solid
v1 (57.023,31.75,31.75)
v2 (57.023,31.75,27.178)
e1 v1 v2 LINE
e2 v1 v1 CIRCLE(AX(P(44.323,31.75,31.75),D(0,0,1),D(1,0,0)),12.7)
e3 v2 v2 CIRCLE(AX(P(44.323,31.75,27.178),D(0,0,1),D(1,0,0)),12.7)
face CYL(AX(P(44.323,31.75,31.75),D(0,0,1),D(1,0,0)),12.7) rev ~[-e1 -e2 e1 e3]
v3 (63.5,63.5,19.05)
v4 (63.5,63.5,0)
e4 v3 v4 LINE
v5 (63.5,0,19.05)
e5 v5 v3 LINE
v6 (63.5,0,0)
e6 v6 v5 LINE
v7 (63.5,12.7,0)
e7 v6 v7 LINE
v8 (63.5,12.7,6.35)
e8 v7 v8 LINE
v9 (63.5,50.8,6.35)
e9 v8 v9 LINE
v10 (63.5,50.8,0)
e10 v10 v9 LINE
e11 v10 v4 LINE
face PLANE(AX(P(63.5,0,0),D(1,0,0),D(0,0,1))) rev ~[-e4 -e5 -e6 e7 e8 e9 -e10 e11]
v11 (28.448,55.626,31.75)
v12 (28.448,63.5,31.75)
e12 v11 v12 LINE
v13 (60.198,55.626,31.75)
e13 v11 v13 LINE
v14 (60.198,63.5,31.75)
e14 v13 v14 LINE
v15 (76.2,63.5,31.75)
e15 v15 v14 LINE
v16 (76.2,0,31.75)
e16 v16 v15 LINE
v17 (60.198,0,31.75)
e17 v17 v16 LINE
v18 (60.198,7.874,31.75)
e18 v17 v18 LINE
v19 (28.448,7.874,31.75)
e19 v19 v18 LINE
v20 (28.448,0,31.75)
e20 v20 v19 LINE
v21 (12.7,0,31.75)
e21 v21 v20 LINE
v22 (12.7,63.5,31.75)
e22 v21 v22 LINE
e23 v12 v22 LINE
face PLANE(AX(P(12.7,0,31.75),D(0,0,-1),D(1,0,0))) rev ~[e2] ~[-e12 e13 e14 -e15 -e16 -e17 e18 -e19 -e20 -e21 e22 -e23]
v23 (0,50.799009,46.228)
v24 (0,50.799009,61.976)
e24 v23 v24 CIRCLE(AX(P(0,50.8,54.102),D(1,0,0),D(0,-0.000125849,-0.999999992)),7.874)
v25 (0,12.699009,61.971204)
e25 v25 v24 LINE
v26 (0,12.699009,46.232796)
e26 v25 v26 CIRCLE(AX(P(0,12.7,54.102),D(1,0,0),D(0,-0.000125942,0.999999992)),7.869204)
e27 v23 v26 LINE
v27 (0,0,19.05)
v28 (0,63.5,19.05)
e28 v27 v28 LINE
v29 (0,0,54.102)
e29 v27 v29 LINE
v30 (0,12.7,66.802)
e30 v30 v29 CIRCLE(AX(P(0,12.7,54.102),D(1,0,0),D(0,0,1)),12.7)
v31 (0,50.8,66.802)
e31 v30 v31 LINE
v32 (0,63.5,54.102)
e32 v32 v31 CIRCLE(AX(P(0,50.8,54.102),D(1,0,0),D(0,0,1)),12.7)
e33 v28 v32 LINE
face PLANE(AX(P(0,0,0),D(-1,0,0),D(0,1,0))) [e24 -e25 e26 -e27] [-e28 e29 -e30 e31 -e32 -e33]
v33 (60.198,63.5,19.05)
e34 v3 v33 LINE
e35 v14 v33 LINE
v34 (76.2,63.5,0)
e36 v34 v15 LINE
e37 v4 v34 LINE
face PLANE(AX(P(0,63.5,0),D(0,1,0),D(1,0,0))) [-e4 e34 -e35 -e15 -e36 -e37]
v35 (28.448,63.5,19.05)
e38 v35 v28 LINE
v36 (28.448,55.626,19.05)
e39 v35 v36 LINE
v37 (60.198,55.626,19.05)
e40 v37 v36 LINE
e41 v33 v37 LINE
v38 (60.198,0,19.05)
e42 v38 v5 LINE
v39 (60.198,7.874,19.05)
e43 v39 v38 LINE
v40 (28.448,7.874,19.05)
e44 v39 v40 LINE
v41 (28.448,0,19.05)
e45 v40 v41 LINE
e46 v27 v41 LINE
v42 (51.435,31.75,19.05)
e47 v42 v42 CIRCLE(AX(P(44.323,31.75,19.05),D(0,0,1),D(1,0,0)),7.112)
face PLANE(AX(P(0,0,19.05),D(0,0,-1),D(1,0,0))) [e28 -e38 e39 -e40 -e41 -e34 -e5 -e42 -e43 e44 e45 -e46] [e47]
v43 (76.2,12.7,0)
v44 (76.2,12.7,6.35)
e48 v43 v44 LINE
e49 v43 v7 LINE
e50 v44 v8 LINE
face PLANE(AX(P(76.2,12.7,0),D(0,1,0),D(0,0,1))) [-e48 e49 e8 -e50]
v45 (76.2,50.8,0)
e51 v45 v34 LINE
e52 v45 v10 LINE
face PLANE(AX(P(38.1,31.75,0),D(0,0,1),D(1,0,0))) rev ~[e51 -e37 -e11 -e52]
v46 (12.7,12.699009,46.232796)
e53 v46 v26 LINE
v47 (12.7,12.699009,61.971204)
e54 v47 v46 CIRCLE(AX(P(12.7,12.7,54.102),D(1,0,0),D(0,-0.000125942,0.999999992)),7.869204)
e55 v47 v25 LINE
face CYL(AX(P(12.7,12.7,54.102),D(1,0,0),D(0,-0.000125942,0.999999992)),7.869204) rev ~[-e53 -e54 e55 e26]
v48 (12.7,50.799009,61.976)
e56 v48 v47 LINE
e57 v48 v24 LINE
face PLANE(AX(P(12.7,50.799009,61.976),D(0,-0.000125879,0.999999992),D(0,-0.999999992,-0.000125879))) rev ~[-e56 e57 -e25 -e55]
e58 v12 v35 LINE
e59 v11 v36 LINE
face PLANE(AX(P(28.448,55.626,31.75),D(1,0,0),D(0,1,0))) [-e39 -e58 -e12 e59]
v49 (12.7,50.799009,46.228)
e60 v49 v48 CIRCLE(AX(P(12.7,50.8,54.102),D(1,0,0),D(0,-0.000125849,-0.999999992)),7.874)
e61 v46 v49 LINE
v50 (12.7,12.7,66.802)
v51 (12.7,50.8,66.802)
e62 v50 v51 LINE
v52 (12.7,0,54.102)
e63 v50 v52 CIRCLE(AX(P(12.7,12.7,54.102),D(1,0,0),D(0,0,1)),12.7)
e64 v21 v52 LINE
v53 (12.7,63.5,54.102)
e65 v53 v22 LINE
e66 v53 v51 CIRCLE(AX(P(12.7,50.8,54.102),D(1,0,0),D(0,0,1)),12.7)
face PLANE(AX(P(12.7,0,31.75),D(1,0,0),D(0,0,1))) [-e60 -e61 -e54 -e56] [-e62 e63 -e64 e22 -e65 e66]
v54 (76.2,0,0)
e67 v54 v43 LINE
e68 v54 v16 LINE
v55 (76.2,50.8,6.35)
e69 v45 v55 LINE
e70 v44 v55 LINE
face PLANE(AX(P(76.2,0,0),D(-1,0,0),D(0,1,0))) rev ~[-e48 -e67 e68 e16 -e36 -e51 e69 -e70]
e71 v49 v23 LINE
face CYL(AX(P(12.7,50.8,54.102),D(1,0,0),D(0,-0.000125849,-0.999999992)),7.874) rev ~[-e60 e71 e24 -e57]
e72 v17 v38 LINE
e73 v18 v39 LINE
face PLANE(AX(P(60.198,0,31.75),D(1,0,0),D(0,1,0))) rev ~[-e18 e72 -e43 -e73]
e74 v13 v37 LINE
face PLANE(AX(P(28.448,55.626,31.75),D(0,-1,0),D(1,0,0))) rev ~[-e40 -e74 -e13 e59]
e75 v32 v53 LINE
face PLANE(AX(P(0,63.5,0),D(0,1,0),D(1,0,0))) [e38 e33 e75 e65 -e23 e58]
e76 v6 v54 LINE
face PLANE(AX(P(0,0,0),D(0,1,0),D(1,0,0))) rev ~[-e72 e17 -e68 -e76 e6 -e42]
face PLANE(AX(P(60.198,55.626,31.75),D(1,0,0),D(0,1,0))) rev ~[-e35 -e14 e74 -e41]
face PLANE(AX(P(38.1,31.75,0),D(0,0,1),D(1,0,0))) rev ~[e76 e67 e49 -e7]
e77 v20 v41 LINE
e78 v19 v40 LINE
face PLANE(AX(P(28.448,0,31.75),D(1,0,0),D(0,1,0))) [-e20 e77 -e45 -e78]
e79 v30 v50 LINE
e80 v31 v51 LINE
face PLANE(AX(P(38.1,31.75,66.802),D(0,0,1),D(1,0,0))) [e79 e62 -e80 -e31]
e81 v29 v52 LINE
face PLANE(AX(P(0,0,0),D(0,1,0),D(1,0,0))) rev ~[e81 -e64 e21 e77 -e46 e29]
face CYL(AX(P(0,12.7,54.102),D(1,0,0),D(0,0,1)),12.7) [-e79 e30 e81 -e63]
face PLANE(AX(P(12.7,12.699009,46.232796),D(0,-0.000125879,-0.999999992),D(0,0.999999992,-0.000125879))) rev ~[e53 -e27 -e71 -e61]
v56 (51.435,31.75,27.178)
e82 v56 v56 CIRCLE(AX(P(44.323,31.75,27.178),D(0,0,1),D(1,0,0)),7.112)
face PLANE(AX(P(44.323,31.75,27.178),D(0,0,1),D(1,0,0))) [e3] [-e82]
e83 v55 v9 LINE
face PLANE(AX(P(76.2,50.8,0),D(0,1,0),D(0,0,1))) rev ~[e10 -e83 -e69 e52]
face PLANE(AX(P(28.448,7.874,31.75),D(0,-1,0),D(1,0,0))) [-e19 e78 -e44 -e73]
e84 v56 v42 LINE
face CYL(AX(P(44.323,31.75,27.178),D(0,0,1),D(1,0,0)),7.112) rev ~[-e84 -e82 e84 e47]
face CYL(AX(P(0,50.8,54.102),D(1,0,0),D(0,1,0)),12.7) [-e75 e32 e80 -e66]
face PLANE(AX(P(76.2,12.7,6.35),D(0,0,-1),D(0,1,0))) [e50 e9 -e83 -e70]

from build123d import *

# Parameters (mm, degrees)
F0_W      = 76.2
F0_H      = 63.5
F1_DEPTH  = 66.802
F2_W      = 63.5
F2_H      = 35.052
F2_H_2    = 19.05
F3_DEPTH  = 63.501
F4_R      = 12.7
F5_W      = 38.1
F5_H      = 6.35
F6_DEPTH  = 76.201
F8_DEPTH  = 12.701
F9_W      = 31.75
F9_H      = 7.874
F10_DEPTH = 31.751
F11_R     = 12.7
F12_DEPTH = 4.572
F13_R     = 7.112
F14_DEPTH = 27.179


with BuildPart() as f1:
    # F0 (on Top) → F1 (new body)
    with BuildSketch(Plane.XY):
        with Locations((38.1, 31.75)):
            Rectangle(F0_W, F0_H)
    extrude(amount=F1_DEPTH)

    # F2 (on face) → F3 (cut, through all)
    with BuildSketch(Plane.XZ):
        with Locations((44.45, 49.276)):
            Rectangle(F2_W, F2_H)
        with Locations((31.75, 9.525)):
            Rectangle(F2_W, F2_H_2)
    extrude(amount=-F3_DEPTH, mode=Mode.SUBTRACT)

    # F4
    f4_edges = [f1.edges().sort_by_distance(p)[0] for p in [
        (6.35, 0, 66.802),
        (6.35, 63.5, 66.802),
    ]]
    fillet(f4_edges, radius=F4_R)

    # F5 (on face) → F6 (cut, through all)
    with BuildSketch(Plane.YZ.offset(76.2)):
        with Locations((31.75, 3.175)):
            Rectangle(F5_W, F5_H)
    extrude(amount=-F6_DEPTH, mode=Mode.SUBTRACT)

    # F7 (on face) → F8 (cut, through all)
    with BuildSketch(Plane.YZ.offset(12.7)):
        with BuildLine():
            Line((50.799009, 61.976), (12.699009, 61.971204))
            ThreePointArc((12.699009, 61.971204), (4.830796, 54.102), (12.699009, 46.232796))
            Line((12.699009, 46.232796), (50.799009, 46.228))
            ThreePointArc((50.799009, 46.228), (58.674, 54.102), (50.799009, 61.976))
        make_face()
    extrude(amount=-F8_DEPTH, mode=Mode.SUBTRACT)

    # F9 (on face) → F10 (cut, through all)
    with BuildSketch(Plane.XY.offset(31.75)):
        with Locations((44.323, 59.563)):
            Rectangle(F9_W, F9_H)
        with Locations((44.323, 3.937)):
            Rectangle(F9_W, F9_H)
    extrude(amount=-F10_DEPTH, mode=Mode.SUBTRACT)

    # F11 (on face) → F12 (cut)
    with BuildSketch(Plane.XY.offset(31.75)):
        with Locations((44.323, 31.75)):
            Circle(F11_R)
    extrude(amount=-F12_DEPTH, mode=Mode.SUBTRACT)

    # F13 (on face) → F14 (cut, through all)
    with BuildSketch(Plane.XY.offset(27.178)):
        with Locations((44.323, 31.75)):
            Circle(F13_R)
    extrude(amount=-F14_DEPTH, mode=Mode.SUBTRACT)


solid = f1.part
